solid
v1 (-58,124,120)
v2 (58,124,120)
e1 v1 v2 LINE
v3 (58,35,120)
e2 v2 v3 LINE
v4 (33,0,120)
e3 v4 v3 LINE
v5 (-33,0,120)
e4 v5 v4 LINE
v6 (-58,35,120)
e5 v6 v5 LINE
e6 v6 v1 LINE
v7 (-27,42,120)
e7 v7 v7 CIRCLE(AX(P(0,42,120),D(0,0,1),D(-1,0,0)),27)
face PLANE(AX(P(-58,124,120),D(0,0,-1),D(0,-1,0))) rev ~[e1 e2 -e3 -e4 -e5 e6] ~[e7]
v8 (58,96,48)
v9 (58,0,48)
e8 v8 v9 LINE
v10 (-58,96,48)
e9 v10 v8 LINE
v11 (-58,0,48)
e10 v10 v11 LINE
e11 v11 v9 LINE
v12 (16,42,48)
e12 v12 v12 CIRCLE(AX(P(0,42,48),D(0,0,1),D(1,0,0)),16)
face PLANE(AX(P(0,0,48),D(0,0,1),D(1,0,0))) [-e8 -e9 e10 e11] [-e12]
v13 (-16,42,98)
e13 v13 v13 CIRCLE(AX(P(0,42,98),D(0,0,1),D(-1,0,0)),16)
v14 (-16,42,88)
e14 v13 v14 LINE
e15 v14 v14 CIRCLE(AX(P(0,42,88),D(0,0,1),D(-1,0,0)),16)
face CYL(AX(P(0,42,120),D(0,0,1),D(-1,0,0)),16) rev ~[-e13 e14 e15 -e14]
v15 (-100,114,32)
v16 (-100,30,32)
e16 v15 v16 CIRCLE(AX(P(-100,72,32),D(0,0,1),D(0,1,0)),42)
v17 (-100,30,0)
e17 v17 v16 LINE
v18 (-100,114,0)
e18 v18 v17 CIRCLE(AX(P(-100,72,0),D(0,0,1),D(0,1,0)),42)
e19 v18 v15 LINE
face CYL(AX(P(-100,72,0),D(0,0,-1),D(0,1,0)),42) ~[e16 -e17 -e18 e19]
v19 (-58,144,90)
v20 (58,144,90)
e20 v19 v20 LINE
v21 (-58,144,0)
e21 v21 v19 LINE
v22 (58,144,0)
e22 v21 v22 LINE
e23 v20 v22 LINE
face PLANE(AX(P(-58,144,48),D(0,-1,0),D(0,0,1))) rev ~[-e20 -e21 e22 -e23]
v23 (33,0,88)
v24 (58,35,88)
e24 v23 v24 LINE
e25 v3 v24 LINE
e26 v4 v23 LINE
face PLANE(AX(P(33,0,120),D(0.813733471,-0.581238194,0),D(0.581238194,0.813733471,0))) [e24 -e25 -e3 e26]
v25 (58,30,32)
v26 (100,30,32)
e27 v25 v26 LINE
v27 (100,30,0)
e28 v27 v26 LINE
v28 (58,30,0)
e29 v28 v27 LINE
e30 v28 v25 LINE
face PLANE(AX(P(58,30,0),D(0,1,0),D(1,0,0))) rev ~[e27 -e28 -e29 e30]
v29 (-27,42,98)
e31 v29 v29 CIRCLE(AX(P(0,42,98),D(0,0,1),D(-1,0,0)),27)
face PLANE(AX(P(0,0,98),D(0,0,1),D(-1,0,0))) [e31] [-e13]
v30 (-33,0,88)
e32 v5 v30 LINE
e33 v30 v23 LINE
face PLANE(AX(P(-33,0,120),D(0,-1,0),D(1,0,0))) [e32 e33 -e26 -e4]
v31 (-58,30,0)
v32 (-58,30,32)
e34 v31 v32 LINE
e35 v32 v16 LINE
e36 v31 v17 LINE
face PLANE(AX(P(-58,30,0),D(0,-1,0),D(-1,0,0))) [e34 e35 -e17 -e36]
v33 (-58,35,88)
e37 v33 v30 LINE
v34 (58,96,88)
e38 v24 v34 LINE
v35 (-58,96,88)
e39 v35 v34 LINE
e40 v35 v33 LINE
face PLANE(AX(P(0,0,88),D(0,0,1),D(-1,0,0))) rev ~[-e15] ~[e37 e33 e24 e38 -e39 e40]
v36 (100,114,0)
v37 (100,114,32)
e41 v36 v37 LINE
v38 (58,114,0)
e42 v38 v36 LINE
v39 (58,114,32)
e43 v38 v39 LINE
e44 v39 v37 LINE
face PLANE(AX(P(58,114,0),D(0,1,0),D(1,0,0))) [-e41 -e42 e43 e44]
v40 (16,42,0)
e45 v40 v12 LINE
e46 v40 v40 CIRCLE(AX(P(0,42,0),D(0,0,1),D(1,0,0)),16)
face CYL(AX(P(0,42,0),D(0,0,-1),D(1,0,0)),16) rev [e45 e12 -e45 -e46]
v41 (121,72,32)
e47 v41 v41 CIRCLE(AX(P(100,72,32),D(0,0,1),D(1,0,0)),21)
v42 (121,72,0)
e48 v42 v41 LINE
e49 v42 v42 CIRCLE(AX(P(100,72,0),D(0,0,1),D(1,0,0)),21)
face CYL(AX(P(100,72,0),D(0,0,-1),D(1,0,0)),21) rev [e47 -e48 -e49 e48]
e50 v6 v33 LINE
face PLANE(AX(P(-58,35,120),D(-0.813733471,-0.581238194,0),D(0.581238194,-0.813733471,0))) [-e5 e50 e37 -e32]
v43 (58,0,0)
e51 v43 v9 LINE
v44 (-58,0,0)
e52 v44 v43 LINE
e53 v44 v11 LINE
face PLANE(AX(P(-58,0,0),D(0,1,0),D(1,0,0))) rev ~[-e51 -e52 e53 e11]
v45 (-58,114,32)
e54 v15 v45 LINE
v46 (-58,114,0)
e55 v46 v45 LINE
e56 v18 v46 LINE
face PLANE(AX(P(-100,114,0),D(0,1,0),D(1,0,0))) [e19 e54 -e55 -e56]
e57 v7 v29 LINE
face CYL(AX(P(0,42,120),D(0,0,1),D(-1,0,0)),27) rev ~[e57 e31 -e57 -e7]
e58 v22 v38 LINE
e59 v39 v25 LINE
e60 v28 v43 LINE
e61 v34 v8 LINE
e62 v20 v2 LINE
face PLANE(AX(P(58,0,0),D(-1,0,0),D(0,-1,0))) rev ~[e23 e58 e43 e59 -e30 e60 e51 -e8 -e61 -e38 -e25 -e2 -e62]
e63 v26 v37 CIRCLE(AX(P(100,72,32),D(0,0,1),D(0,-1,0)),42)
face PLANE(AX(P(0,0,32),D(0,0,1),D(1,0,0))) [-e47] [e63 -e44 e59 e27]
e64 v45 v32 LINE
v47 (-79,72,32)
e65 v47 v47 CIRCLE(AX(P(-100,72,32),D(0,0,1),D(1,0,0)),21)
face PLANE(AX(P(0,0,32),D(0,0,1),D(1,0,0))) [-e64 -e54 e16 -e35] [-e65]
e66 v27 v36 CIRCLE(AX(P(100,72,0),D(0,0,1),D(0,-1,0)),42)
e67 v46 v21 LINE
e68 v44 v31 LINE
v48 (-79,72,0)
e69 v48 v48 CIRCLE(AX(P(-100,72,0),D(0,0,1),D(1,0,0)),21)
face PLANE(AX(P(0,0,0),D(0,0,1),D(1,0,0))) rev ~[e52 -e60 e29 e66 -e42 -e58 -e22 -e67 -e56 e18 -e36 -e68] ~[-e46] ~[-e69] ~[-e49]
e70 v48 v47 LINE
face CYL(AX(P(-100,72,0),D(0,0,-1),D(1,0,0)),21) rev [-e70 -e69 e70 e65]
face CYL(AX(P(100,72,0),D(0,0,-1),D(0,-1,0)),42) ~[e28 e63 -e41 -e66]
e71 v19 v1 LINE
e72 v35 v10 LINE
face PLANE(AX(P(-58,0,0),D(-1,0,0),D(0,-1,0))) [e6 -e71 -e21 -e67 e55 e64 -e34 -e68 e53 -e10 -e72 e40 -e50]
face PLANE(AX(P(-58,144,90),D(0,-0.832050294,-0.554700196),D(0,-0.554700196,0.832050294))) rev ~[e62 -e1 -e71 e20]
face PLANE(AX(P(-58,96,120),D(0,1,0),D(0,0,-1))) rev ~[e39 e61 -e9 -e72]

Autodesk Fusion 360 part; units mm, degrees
sketch "草图1" plane through (0, 0, 0) normal (0, 0, 1) x (1, 0, 0)
  line L0 (-125, 0) -> (125, 0) construction
  line L1 (0, -50) -> (0, 50) construction
  line L2 (-58, 0) -> (58, 0)
  line L3 (58, 30) -> (58, 0)
  line L4 (58, 30) -> (100, 30)
  line L5 (-58, 0) -> (-58, 30)
  line L6 (-58, 30) -> (-100, 30)
  circle A0 centre (-100, 72) radius 21
  circle A1 centre (100, 72) radius 21
  circle A2 centre (0, 42) radius 16
  line L7 (-100, 114) -> (-58, 114)
  line L8 (-58, 114) -> (-58, 144)
  line L9 (-58, 144) -> (58, 144)
  line L10 (58, 144) -> (58, 114)
  line L11 (58, 114) -> (100, 114)
  arc A3 (100, 30) -> (100, 114) centre (100, 72) ccw
  arc A4 (-100, 114) -> (-100, 30) centre (-100, 72) ccw
  line L12 (-58, 114) -> (-58, 30)
  line L13 (58, 114) -> (58, 30)
  dimension "d1" = 116
  dimension "d2" = 144
  dimension "d3" = 72
  dimension "d4" = 200
  dimension "d5" = 84
  dimension "d6" = 42
  dimension "d7" = 32
  dimension "d8" = 42
extrude "拉伸1" add sketch "草图1" along normal blind 32 contours L6 L7 A4 L12 | L4 L11 A3 L13 makes body 1 at (65, 72, 0) makes body 2 at (-65, 72, 0)
extrude "拉伸2" add sketch "草图1" along normal blind 48 contours L2 L3 L5 L8 L9 L10 L12 L13 bodies 1 2
sketch "草图2" plane through (-58, 0, 0) normal (-1, 0, 0) x (0, -1, 0)
  line L0 (-114, 0) -> (-114, 32)
  line L1 (-114, 32) -> (-30, 32)
  line L2 (-30, 32) -> (-30, 0)
  line L3 (-30, 0) -> (0, 0)
  line L4 (0, 0) -> (0, 48)
  line L5 (0, 48) -> (-144, 48)
  line L6 (-144, 48) -> (-144, 0)
  line L7 (-144, 0) -> (-114, 0)
  line L8 (-144, 48) -> (-144, 50)
  line L9 (-144, 50) -> (-144, 90)
  line L10 (-144, 90) -> (-124, 120)
  line L11 (-124, 120) -> (-96, 120)
  line L12 (-96, 120) -> (-96, 48)
  line L13 (-144, 48) -> (-96, 48)
  point P0 (-144, 0)
  dimension "d13" = 20
  dimension "d14" = 30
  dimension "d15" = 96
  dimension "d16" = 120
extrude "拉伸3" add sketch "草图2" against normal blind 116 contours L5 L8 L9 L10 L11 L12 L13 bodies 1
sketch "草图3" plane through (0, 0, 120) normal (0, 0, 1) x (-1, 0, 0)
  line L0 (58, -124) -> (58, -96)
  line L1 (58, -96) -> (-58, -96)
  line L2 (-58, -96) -> (-58, -124)
  line L3 (-58, -124) -> (58, -124)
  line L4 (0, -180) -> (0, 50) construction
  line L5 (58, -96) -> (58, -35)
  line L6 (58, -35) -> (33, 0)
  line L7 (33, 0) -> (-33, 0)
  line L8 (-33, 0) -> (-58, -35)
  line L9 (-58, -35) -> (-58, -96)
  line L10 (58, -96) -> (-58, -96)
  circle A0 centre (0, -42) radius 27
  circle A1 centre (0, -42) radius 16
  line L11 (100, 0) -> (-125.4385, 0) construction
  dimension "d19" = 116
  dimension "d20" = 66
  dimension "d21" = 35
  dimension "d22" = 54
  dimension "d23" = 32
  dimension "d25" = 42
extrude "拉伸4" add sketch "草图3" against normal blind 32 contours L1 L5 L6 L7 L8 L9 L10 | A0 bodies 1
extrude "拉伸5" cut sketch "草图3" against normal blind 22 contours A0 bodies 1
equation "d5 = ( 42 * 2 ) * 1 mm"
